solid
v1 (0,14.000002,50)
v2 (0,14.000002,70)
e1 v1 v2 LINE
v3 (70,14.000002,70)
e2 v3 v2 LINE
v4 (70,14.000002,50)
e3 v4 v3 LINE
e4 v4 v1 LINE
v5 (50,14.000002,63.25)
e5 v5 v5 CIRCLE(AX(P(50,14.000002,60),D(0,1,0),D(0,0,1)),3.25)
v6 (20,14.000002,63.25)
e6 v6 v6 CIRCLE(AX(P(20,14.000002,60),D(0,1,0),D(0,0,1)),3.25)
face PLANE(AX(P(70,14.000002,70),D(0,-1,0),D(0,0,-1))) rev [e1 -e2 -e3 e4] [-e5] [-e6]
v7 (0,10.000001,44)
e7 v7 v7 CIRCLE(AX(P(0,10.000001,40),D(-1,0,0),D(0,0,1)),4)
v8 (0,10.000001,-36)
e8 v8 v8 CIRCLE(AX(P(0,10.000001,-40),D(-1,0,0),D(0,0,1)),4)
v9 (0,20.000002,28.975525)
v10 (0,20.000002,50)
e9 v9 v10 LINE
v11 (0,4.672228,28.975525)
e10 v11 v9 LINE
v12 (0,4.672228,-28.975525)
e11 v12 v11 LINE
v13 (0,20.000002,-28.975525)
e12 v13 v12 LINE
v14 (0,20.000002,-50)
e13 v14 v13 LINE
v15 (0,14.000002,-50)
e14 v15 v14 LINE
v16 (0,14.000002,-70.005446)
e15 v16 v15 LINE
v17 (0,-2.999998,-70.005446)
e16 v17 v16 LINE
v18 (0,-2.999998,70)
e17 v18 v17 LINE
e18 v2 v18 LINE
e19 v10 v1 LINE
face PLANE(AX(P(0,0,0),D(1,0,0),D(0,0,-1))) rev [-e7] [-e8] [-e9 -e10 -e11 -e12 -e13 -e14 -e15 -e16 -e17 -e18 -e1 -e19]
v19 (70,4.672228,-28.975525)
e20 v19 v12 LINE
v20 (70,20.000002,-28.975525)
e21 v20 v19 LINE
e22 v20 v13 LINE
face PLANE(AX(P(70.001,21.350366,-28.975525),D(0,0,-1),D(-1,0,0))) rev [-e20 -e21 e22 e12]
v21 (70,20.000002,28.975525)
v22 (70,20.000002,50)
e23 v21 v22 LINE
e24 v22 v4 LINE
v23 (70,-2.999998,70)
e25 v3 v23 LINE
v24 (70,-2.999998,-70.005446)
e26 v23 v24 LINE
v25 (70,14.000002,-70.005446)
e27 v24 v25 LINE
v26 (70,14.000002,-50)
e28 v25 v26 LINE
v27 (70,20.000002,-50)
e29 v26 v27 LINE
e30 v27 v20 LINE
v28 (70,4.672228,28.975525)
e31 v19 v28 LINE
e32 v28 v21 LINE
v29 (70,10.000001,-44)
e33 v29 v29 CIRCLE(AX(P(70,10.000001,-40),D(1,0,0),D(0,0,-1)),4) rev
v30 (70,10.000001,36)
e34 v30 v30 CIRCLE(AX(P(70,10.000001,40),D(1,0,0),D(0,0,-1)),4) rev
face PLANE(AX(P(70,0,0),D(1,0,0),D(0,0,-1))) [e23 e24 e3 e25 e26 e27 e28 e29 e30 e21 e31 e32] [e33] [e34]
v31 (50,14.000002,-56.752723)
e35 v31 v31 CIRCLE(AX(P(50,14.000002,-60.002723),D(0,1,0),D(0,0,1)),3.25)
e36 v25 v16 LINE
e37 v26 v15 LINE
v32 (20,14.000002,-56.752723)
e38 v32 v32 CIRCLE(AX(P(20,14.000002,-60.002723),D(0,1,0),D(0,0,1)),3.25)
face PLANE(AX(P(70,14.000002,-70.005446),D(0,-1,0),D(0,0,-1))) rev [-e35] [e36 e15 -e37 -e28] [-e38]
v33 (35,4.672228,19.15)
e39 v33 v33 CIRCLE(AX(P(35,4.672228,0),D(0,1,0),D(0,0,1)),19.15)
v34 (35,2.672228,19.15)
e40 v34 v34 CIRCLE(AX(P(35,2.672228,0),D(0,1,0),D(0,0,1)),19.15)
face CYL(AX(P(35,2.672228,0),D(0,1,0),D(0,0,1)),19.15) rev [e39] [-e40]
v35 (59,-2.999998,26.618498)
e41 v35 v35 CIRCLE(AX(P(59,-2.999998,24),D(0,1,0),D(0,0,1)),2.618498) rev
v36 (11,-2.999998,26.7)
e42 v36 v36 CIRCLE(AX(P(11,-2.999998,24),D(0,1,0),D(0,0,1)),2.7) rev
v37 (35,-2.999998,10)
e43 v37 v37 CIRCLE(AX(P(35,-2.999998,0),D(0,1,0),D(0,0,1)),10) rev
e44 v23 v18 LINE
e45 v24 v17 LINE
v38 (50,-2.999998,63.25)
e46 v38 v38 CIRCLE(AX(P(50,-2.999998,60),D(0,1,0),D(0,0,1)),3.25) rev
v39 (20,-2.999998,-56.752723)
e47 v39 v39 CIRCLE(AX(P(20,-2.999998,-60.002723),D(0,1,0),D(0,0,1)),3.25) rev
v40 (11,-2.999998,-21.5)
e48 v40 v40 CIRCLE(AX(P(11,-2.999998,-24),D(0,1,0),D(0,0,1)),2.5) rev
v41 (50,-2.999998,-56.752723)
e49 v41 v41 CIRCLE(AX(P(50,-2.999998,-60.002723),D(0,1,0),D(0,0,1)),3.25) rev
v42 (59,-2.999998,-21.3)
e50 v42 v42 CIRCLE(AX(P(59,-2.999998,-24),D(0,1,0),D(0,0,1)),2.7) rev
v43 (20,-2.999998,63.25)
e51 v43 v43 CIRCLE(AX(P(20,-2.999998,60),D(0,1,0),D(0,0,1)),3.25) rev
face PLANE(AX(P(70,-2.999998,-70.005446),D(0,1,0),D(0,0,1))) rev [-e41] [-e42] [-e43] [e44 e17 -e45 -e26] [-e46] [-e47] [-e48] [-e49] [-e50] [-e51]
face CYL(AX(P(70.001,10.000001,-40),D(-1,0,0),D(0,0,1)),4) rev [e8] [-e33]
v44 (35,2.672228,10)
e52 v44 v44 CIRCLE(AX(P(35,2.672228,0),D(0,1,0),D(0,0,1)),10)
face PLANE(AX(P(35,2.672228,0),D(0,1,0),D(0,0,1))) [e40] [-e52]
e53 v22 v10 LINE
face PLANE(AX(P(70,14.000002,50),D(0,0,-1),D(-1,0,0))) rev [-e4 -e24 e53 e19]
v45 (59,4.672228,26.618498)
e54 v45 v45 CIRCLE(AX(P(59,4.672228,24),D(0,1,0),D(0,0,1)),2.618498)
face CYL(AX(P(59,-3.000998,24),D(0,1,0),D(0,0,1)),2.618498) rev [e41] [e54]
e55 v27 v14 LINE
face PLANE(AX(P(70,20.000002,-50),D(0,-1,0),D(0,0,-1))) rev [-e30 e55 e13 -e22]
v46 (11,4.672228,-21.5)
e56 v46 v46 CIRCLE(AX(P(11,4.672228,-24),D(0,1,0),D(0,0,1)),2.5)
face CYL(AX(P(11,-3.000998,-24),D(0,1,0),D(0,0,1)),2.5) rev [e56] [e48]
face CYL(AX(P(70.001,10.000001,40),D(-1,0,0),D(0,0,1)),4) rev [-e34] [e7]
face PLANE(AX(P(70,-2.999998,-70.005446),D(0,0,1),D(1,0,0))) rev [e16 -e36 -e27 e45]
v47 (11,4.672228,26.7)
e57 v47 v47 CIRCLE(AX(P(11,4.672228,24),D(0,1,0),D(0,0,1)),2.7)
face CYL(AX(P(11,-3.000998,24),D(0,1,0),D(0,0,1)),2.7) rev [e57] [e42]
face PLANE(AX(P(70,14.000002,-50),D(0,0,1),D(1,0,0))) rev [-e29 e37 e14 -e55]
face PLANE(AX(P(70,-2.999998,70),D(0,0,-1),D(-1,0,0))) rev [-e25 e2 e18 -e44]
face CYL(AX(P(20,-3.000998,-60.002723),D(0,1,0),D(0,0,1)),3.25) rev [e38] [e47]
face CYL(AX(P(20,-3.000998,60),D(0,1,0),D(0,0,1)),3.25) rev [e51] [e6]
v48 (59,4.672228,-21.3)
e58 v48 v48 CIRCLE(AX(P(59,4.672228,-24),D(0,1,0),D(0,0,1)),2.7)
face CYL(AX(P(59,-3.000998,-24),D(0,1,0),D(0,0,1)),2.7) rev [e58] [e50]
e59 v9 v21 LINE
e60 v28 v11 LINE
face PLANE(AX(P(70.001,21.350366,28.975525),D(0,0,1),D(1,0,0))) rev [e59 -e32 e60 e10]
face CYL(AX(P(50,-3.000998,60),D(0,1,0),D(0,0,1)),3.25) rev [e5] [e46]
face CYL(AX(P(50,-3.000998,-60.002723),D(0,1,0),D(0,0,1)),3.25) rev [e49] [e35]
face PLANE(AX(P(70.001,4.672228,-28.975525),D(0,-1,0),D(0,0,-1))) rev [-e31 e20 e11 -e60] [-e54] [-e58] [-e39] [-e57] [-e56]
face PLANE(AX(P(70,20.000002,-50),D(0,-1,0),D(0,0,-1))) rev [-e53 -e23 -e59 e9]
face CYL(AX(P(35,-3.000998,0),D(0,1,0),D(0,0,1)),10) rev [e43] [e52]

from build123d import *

# Parameters (mm, degrees)
BOSS_EXTRUDE1_DEPTH = 70
CUT_EXTRUDE1_REACH  = 72
SKETCH14_R          = 4
CUT_EXTRUDE2_REACH  = 19
SKETCH15_R          = 3.25
CUT_EXTRUDE3_REACH  = 72
SKETCH16_W          = 57.95105002
SKETCH16_H          = 16.678137539
SKETCH17_R          = 19.15
CUT_EXTRUDE4_DEPTH  = 2
CUT_EXTRUDE5_REACH  = 7.672
SKETCH18_R          = 10
CUT_EXTRUDE6_REACH  = 9.672
SKETCH19_R          = 2.5
SKETCH19_R_2        = 2.7
SKETCH19_R_3        = 2.618497629


with BuildPart() as part:
    # Sketch12 → Boss-Extrude1 (new body)
    with BuildSketch(Plane(origin=(0, 0, 0), x_dir=(0, 0, -1), z_dir=(1, 0, 0))):
        Polygon((70.005446089, -2.999997853), (-70, -2.999997853), (-70, 14.000002147), (-50, 14.000002147), (-50, 20.000002147), (50, 20.000002147), (50, 14.000002147), (70.005446089, 14.000002147), align=None)
    extrude(amount=BOSS_EXTRUDE1_DEPTH)

    # Sketch14 → Cut-Extrude1 (cut, up to next)
    with BuildSketch(Plane.ZY, mode=Mode.PRIVATE) as cut_extrude1_sk1:
        with Locations((-40, 10.000001073)):
            Circle(SKETCH14_R)
    cut_extrude1_tool1 = extrude(cut_extrude1_sk1.sketch, amount=-CUT_EXTRUDE1_REACH, mode=Mode.PRIVATE) & part.part
    add(cut_extrude1_tool1.solids().sort_by_distance((0, 10.000001, -40))[0], mode=Mode.SUBTRACT)
    # Sketch14 → Cut-Extrude1 (cut, up to next)
    with BuildSketch(Plane.ZY, mode=Mode.PRIVATE) as cut_extrude1_sk2:
        with Locations((40, 10.000001073)):
            Circle(SKETCH14_R)
    cut_extrude1_tool2 = extrude(cut_extrude1_sk2.sketch, amount=-CUT_EXTRUDE1_REACH, mode=Mode.PRIVATE) & part.part
    add(cut_extrude1_tool2.solids().sort_by_distance((0, 10.000001, 40))[0], mode=Mode.SUBTRACT)

    # Sketch15 → Cut-Extrude2 (cut, up to next)
    with BuildSketch(Plane(origin=(0, 14.000002147, 0), x_dir=(1, 0, 0), z_dir=(0, 1, 0)), mode=Mode.PRIVATE) as cut_extrude2_sk1:
        with Locations((50, 60.002723044)):
            Circle(SKETCH15_R)
    cut_extrude2_tool1 = extrude(cut_extrude2_sk1.sketch, amount=-CUT_EXTRUDE2_REACH, mode=Mode.PRIVATE) & part.part
    add(cut_extrude2_tool1.solids().sort_by_distance((50, 14.000002, -60.002723))[0], mode=Mode.SUBTRACT)
    # Sketch15 → Cut-Extrude2 (cut, up to next)
    with BuildSketch(Plane(origin=(0, 14.000002147, 0), x_dir=(1, 0, 0), z_dir=(0, 1, 0)), mode=Mode.PRIVATE) as cut_extrude2_sk2:
        with Locations((20, 60.002723044)):
            Circle(SKETCH15_R)
    cut_extrude2_tool2 = extrude(cut_extrude2_sk2.sketch, amount=-CUT_EXTRUDE2_REACH, mode=Mode.PRIVATE) & part.part
    add(cut_extrude2_tool2.solids().sort_by_distance((20, 14.000002, -60.002723))[0], mode=Mode.SUBTRACT)
    # Sketch15 → Cut-Extrude2 (cut, up to next)
    with BuildSketch(Plane(origin=(0, 14.000002147, 0), x_dir=(1, 0, 0), z_dir=(0, 1, 0)), mode=Mode.PRIVATE) as cut_extrude2_sk3:
        with Locations((50, -60)):
            Circle(SKETCH15_R)
    cut_extrude2_tool3 = extrude(cut_extrude2_sk3.sketch, amount=-CUT_EXTRUDE2_REACH, mode=Mode.PRIVATE) & part.part
    add(cut_extrude2_tool3.solids().sort_by_distance((50, 14.000002, 60))[0], mode=Mode.SUBTRACT)
    # Sketch15 → Cut-Extrude2 (cut, up to next)
    with BuildSketch(Plane(origin=(0, 14.000002147, 0), x_dir=(1, 0, 0), z_dir=(0, 1, 0)), mode=Mode.PRIVATE) as cut_extrude2_sk4:
        with Locations((20, -60)):
            Circle(SKETCH15_R)
    cut_extrude2_tool4 = extrude(cut_extrude2_sk4.sketch, amount=-CUT_EXTRUDE2_REACH, mode=Mode.PRIVATE) & part.part
    add(cut_extrude2_tool4.solids().sort_by_distance((20, 14.000002, 60))[0], mode=Mode.SUBTRACT)

    # Sketch16 → Cut-Extrude3 (cut, up to next)
    with BuildSketch(Plane.ZY, mode=Mode.PRIVATE) as cut_extrude3_sk1:
        with Locations((0, 13.011297134)):
            Rectangle(SKETCH16_W, SKETCH16_H)
    cut_extrude3_tool1 = extrude(cut_extrude3_sk1.sketch, amount=-CUT_EXTRUDE3_REACH, mode=Mode.PRIVATE) & part.part
    add(cut_extrude3_tool1.solids().sort_by_distance((0, 13.011297, 0))[0], mode=Mode.SUBTRACT)

    # Sketch17 → Cut-Extrude4 (cut)
    with BuildSketch(Plane(origin=(0, 4.672228364, 0), x_dir=(1, 0, 0), z_dir=(0, 1, 0))):
        with Locations((35, 0)):
            Circle(SKETCH17_R)
    extrude(amount=-CUT_EXTRUDE4_DEPTH, mode=Mode.SUBTRACT)

    # Sketch18 → Cut-Extrude5 (cut, up to next)
    with BuildSketch(Plane(origin=(0, 2.672228364, 0), x_dir=(1, 0, 0), z_dir=(0, 1, 0)), mode=Mode.PRIVATE) as cut_extrude5_sk1:
        with Locations((35, 0)):
            Circle(SKETCH18_R)
    cut_extrude5_tool1 = extrude(cut_extrude5_sk1.sketch, amount=-CUT_EXTRUDE5_REACH, mode=Mode.PRIVATE) & part.part
    add(cut_extrude5_tool1.solids().sort_by_distance((35, 2.672228, 0))[0], mode=Mode.SUBTRACT)

    # Sketch19 → Cut-Extrude6 (cut, up to next)
    with BuildSketch(Plane(origin=(0, 4.672228364, 0), x_dir=(1, 0, 0), z_dir=(0, 1, 0)), mode=Mode.PRIVATE) as cut_extrude6_sk1:
        with Locations((11, 24)):
            Circle(SKETCH19_R)
    cut_extrude6_tool1 = extrude(cut_extrude6_sk1.sketch, amount=-CUT_EXTRUDE6_REACH, mode=Mode.PRIVATE) & part.part
    add(cut_extrude6_tool1.solids().sort_by_distance((11, 4.672228, -24))[0], mode=Mode.SUBTRACT)
    # Sketch19 → Cut-Extrude6 (cut, up to next)
    with BuildSketch(Plane(origin=(0, 4.672228364, 0), x_dir=(1, 0, 0), z_dir=(0, 1, 0)), mode=Mode.PRIVATE) as cut_extrude6_sk2:
        with Locations((59, 24)):
            Circle(SKETCH19_R_2)
    cut_extrude6_tool2 = extrude(cut_extrude6_sk2.sketch, amount=-CUT_EXTRUDE6_REACH, mode=Mode.PRIVATE) & part.part
    add(cut_extrude6_tool2.solids().sort_by_distance((59, 4.672228, -24))[0], mode=Mode.SUBTRACT)
    # Sketch19 → Cut-Extrude6 (cut, up to next)
    with BuildSketch(Plane(origin=(0, 4.672228364, 0), x_dir=(1, 0, 0), z_dir=(0, 1, 0)), mode=Mode.PRIVATE) as cut_extrude6_sk3:
        with Locations((59, -24)):
            Circle(SKETCH19_R_3)
    cut_extrude6_tool3 = extrude(cut_extrude6_sk3.sketch, amount=-CUT_EXTRUDE6_REACH, mode=Mode.PRIVATE) & part.part
    add(cut_extrude6_tool3.solids().sort_by_distance((59, 4.672228, 24))[0], mode=Mode.SUBTRACT)
    # Sketch19 → Cut-Extrude6 (cut, up to next)
    with BuildSketch(Plane(origin=(0, 4.672228364, 0), x_dir=(1, 0, 0), z_dir=(0, 1, 0)), mode=Mode.PRIVATE) as cut_extrude6_sk4:
        with Locations((11, -24)):
            Circle(SKETCH19_R_2)
    cut_extrude6_tool4 = extrude(cut_extrude6_sk4.sketch, amount=-CUT_EXTRUDE6_REACH, mode=Mode.PRIVATE) & part.part
    add(cut_extrude6_tool4.solids().sort_by_distance((11, 4.672228, 24))[0], mode=Mode.SUBTRACT)


solid = part.part
